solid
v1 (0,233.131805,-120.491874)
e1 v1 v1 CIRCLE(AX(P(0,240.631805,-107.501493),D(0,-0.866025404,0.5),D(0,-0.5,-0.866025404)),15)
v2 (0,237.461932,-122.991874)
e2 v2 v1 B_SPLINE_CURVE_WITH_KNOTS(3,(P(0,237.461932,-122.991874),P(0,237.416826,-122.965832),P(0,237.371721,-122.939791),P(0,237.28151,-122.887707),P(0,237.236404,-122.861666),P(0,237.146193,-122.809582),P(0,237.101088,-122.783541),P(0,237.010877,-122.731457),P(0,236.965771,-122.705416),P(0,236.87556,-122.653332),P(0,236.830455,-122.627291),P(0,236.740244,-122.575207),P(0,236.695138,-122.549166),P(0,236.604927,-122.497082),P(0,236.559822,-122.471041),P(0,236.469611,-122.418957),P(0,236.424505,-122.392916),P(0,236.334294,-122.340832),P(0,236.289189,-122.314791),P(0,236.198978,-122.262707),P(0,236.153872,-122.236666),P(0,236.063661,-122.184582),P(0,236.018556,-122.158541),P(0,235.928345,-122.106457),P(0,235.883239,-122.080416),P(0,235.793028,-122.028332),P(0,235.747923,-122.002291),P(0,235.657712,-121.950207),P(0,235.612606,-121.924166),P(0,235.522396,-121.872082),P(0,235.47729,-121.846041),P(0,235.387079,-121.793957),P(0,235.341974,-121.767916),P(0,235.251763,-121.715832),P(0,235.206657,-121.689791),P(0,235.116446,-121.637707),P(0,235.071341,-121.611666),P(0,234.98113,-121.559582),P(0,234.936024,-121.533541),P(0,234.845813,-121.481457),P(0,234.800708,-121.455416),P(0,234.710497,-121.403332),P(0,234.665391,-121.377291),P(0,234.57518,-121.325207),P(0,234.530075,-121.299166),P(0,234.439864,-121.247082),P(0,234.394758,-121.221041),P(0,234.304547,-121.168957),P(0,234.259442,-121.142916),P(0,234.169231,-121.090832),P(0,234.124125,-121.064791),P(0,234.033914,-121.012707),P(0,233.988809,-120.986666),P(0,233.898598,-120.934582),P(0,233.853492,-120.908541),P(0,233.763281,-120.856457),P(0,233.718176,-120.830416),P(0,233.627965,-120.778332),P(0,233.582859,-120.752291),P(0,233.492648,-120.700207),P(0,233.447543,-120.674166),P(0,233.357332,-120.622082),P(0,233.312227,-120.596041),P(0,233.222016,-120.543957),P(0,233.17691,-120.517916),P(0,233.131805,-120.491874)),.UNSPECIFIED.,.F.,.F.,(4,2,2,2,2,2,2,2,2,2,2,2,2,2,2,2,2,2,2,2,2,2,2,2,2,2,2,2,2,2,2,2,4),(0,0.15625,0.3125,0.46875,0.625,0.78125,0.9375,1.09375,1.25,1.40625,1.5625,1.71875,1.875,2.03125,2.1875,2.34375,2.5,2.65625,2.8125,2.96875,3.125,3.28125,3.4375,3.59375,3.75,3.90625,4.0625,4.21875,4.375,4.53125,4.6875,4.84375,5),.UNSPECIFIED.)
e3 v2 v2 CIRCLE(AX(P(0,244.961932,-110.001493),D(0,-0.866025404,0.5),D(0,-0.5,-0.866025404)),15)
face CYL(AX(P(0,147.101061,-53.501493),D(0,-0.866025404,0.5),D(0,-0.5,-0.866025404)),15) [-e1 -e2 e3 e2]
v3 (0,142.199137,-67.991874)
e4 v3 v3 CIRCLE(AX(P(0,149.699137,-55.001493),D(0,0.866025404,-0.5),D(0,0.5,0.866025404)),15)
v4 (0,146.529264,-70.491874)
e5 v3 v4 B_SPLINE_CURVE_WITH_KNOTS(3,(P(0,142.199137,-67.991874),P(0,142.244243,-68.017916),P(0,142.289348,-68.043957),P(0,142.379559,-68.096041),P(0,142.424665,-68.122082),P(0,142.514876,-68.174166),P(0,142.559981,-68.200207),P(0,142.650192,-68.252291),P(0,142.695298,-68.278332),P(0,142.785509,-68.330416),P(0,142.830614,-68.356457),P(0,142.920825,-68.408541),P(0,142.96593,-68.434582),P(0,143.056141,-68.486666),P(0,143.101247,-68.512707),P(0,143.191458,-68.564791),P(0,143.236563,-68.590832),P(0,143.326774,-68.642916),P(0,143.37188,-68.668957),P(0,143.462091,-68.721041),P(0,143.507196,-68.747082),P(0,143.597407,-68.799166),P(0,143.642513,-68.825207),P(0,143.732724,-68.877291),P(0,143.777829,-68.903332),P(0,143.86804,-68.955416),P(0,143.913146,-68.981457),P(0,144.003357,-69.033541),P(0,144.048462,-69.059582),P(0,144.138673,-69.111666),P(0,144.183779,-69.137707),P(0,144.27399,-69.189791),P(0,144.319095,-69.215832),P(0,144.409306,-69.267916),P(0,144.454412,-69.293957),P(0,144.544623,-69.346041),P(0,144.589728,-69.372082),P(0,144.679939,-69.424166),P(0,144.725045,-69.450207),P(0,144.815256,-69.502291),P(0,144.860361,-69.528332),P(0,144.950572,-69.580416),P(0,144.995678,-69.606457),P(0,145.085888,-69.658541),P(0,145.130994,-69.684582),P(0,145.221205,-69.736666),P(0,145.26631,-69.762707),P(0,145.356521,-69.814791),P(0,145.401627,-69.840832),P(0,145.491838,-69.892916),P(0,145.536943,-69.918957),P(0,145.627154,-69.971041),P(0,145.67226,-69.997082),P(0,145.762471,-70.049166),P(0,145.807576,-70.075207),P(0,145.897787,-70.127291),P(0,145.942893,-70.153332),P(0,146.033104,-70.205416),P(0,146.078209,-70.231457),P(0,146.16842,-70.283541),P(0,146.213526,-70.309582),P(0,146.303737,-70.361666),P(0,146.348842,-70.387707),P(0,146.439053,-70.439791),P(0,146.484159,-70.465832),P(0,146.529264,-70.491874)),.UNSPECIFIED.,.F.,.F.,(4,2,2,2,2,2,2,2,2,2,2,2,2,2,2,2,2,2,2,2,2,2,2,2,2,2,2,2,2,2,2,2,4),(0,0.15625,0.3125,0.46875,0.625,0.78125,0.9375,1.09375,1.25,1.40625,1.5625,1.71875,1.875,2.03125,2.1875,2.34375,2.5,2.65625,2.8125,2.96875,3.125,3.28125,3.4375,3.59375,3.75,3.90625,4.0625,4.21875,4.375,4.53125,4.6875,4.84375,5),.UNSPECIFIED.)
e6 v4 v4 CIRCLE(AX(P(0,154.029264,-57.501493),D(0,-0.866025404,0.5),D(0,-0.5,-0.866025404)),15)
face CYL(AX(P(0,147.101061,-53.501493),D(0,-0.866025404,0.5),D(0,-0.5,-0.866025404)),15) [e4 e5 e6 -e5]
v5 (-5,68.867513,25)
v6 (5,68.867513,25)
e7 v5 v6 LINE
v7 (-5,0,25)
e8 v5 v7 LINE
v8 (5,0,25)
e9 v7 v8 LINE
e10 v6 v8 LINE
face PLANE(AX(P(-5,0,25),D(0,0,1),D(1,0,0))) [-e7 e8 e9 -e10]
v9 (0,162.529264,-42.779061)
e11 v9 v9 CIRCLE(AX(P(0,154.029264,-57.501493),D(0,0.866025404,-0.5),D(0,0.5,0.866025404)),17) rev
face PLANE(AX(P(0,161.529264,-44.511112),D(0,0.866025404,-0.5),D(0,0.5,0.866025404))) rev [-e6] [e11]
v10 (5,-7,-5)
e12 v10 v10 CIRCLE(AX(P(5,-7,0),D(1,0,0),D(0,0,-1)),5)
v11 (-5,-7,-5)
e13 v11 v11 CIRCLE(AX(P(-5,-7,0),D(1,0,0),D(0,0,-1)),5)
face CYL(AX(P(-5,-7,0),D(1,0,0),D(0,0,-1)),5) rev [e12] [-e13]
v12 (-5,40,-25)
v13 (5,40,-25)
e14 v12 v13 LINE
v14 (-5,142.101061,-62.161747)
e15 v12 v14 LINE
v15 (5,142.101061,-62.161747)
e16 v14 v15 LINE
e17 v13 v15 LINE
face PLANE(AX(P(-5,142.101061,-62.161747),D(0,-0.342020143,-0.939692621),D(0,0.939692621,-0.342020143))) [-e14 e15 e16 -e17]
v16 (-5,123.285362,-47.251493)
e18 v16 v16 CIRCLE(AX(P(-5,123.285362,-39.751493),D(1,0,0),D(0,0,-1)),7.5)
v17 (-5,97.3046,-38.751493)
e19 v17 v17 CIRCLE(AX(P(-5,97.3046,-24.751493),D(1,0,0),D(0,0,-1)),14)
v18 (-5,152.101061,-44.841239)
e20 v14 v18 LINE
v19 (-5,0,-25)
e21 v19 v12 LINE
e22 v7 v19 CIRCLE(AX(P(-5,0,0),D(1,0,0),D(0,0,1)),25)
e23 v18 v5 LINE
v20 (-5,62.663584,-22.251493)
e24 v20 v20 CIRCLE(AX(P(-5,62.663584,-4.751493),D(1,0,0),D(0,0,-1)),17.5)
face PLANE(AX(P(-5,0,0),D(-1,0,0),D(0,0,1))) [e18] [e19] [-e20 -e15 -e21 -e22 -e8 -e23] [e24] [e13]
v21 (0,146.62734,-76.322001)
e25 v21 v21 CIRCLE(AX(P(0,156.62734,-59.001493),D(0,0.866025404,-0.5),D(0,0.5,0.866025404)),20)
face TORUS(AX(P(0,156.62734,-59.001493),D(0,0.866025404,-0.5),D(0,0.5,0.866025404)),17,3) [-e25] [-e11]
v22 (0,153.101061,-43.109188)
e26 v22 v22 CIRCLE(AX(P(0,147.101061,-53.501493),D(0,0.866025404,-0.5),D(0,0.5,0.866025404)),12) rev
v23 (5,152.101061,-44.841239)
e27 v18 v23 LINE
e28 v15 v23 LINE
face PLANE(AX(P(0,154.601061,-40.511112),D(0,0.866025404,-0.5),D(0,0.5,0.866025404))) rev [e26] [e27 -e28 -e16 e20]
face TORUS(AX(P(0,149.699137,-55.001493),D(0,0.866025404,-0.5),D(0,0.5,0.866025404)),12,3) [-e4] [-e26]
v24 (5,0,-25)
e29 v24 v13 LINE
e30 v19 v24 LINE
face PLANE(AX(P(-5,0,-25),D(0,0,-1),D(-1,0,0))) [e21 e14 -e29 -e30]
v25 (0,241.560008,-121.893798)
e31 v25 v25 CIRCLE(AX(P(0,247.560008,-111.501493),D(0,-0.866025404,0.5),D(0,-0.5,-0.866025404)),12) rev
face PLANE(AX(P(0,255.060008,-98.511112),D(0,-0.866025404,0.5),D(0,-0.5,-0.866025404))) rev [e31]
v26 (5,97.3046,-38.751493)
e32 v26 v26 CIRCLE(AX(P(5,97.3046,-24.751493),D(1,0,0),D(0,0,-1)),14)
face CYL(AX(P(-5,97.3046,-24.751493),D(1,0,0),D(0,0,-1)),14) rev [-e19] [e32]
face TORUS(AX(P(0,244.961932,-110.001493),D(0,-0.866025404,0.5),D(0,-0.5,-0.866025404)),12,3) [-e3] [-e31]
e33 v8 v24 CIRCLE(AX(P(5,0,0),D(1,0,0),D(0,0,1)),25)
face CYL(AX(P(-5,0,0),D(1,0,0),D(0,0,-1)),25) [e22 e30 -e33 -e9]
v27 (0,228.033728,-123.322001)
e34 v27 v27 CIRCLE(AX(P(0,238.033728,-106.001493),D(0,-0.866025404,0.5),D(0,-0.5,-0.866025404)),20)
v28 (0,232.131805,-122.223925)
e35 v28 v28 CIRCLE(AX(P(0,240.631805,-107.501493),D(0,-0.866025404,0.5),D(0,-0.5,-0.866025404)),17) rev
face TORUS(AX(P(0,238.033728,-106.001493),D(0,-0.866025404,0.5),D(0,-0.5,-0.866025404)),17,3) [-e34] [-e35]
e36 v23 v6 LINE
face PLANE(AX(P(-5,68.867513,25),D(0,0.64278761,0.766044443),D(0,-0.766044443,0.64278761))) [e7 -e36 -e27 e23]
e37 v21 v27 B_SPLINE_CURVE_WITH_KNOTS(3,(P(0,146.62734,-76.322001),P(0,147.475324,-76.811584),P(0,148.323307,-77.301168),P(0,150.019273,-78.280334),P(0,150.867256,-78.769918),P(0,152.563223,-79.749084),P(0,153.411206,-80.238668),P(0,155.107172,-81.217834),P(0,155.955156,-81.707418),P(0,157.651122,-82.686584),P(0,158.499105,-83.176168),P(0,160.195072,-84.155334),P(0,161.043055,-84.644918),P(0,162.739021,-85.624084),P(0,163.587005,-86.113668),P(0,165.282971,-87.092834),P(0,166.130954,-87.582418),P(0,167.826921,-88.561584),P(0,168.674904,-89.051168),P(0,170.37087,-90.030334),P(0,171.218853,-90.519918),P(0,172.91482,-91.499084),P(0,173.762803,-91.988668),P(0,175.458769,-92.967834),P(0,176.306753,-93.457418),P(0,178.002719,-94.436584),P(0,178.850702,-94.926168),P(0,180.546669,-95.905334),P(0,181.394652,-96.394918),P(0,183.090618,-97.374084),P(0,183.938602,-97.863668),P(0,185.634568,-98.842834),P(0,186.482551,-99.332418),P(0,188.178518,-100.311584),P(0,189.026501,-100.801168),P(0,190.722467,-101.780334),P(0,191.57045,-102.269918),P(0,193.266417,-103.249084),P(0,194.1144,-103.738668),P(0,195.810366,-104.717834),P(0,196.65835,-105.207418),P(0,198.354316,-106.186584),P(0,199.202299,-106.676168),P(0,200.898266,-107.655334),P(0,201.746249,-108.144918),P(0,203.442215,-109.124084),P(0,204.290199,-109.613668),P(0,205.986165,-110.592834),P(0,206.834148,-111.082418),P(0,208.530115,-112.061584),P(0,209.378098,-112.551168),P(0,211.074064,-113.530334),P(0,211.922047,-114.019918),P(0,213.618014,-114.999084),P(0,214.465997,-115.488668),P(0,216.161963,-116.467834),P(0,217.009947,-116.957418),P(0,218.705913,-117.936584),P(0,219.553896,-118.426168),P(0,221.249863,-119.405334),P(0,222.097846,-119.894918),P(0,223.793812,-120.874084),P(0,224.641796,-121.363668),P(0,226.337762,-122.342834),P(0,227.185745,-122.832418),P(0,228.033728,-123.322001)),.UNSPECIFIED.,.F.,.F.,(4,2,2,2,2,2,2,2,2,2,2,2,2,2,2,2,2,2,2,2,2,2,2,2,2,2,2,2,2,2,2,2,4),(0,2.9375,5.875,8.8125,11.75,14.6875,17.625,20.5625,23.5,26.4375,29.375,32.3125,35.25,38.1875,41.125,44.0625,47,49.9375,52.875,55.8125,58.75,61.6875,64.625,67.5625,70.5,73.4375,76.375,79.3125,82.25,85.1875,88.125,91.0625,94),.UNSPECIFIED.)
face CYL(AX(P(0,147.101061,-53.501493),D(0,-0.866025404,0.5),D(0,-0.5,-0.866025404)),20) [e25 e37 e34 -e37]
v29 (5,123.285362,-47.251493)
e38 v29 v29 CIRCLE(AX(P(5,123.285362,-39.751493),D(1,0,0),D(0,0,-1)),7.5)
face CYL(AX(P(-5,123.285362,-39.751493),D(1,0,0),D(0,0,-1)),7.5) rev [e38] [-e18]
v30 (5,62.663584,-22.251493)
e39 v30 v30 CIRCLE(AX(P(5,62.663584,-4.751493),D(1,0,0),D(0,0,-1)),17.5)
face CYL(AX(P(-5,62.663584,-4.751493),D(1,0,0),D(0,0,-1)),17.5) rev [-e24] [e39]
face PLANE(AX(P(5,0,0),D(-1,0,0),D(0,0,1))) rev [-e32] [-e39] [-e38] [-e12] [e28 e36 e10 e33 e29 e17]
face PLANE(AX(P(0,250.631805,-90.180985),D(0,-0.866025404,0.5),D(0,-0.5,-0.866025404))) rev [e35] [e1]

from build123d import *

# Parameters (mm, degrees)
DODANIE_WYCI_GNI_CIE1_DEPTH      = 5
DODANIE_WYCI_GNI_CIE1_DEPTH_BACK = 5
SZKIC1_R                         = 7.5
SZKIC1_R_2                       = 14
SZKIC1_R_3                       = 17.5
SZKIC1_R_4                       = 5
ZAOKR_GLENIE1_R                  = 3
ZAOKR_GLENIE2_R                  = 3


with BuildPart() as part:
    # Szkic1 → Dodanie-wyciągnięcie1 (new, two sides: drawn at the far end of the back side and taken through both)
    with BuildSketch(Plane(origin=(0, 0, 0), x_dir=(0, 0, -1), z_dir=(1, 0, 0)).offset(-DODANIE_WYCI_GNI_CIE1_DEPTH_BACK)):
        with BuildLine():
            Line((-25, 0), (-25, 68.867513459))
            Line((-25, 68.867513459), (44.841238994, 152.101060942))
            Line((44.841238994, 152.101060942), (62.16174707, 142.101060942))
            Line((62.16174707, 142.101060942), (25, 40))
            Line((25, 40), (25, 0))
            ThreePointArc((25, 0), (0, -25), (-25, 0))
        make_face()
        with Locations((39.751493032, 123.285362338)):
            Circle(SZKIC1_R, mode=Mode.SUBTRACT)
        with Locations((24.751493032, 97.304600224)):
            Circle(SZKIC1_R_2, mode=Mode.SUBTRACT)
        with Locations((4.751493032, 62.663584073)):
            Circle(SZKIC1_R_3, mode=Mode.SUBTRACT)
        with Locations((0, -7)):
            Circle(SZKIC1_R_4, mode=Mode.SUBTRACT)
    extrude(amount=DODANIE_WYCI_GNI_CIE1_DEPTH + DODANIE_WYCI_GNI_CIE1_DEPTH_BACK)

    # Szkic3 → Obrót1 (revolve)
    with BuildSketch(Plane(origin=(0, 0, 0), x_dir=(0, 0, -1), z_dir=(1, 0, 0))):
        Polygon((40.511111975, 154.601060942), (53.501493032, 147.101060942), (111.501493032, 247.560007781), (98.511111975, 255.060007781), (94.511111975, 248.131804551), (90.180984956, 250.631804551), (40.180984956, 164.029264172), (44.511111975, 161.529264172), align=None)
    revolve(axis=Axis((0, 147.101060942, -53.501493032), (0, 0.8660254037844385, -0.5000000000000003)))

    # Zaokrąglenie1
    zaokr_glenie1_edges = [part.edges().sort_by_distance(p)[0] for p in [
        (0, 240.060007781, -124.491874089),
        (0, 139.601060942, -66.491874089),
    ]]
    fillet(zaokr_glenie1_edges, radius=ZAOKR_GLENIE1_R)

    # Zaokrąglenie2
    zaokr_glenie2_edges = [part.edges().sort_by_distance(p)[0] for p in [
        (0, 144.029264172, -74.822001108),
        (0, 230.631804551, -124.822001108),
    ]]
    fillet(zaokr_glenie2_edges, radius=ZAOKR_GLENIE2_R)


solid = part.part
